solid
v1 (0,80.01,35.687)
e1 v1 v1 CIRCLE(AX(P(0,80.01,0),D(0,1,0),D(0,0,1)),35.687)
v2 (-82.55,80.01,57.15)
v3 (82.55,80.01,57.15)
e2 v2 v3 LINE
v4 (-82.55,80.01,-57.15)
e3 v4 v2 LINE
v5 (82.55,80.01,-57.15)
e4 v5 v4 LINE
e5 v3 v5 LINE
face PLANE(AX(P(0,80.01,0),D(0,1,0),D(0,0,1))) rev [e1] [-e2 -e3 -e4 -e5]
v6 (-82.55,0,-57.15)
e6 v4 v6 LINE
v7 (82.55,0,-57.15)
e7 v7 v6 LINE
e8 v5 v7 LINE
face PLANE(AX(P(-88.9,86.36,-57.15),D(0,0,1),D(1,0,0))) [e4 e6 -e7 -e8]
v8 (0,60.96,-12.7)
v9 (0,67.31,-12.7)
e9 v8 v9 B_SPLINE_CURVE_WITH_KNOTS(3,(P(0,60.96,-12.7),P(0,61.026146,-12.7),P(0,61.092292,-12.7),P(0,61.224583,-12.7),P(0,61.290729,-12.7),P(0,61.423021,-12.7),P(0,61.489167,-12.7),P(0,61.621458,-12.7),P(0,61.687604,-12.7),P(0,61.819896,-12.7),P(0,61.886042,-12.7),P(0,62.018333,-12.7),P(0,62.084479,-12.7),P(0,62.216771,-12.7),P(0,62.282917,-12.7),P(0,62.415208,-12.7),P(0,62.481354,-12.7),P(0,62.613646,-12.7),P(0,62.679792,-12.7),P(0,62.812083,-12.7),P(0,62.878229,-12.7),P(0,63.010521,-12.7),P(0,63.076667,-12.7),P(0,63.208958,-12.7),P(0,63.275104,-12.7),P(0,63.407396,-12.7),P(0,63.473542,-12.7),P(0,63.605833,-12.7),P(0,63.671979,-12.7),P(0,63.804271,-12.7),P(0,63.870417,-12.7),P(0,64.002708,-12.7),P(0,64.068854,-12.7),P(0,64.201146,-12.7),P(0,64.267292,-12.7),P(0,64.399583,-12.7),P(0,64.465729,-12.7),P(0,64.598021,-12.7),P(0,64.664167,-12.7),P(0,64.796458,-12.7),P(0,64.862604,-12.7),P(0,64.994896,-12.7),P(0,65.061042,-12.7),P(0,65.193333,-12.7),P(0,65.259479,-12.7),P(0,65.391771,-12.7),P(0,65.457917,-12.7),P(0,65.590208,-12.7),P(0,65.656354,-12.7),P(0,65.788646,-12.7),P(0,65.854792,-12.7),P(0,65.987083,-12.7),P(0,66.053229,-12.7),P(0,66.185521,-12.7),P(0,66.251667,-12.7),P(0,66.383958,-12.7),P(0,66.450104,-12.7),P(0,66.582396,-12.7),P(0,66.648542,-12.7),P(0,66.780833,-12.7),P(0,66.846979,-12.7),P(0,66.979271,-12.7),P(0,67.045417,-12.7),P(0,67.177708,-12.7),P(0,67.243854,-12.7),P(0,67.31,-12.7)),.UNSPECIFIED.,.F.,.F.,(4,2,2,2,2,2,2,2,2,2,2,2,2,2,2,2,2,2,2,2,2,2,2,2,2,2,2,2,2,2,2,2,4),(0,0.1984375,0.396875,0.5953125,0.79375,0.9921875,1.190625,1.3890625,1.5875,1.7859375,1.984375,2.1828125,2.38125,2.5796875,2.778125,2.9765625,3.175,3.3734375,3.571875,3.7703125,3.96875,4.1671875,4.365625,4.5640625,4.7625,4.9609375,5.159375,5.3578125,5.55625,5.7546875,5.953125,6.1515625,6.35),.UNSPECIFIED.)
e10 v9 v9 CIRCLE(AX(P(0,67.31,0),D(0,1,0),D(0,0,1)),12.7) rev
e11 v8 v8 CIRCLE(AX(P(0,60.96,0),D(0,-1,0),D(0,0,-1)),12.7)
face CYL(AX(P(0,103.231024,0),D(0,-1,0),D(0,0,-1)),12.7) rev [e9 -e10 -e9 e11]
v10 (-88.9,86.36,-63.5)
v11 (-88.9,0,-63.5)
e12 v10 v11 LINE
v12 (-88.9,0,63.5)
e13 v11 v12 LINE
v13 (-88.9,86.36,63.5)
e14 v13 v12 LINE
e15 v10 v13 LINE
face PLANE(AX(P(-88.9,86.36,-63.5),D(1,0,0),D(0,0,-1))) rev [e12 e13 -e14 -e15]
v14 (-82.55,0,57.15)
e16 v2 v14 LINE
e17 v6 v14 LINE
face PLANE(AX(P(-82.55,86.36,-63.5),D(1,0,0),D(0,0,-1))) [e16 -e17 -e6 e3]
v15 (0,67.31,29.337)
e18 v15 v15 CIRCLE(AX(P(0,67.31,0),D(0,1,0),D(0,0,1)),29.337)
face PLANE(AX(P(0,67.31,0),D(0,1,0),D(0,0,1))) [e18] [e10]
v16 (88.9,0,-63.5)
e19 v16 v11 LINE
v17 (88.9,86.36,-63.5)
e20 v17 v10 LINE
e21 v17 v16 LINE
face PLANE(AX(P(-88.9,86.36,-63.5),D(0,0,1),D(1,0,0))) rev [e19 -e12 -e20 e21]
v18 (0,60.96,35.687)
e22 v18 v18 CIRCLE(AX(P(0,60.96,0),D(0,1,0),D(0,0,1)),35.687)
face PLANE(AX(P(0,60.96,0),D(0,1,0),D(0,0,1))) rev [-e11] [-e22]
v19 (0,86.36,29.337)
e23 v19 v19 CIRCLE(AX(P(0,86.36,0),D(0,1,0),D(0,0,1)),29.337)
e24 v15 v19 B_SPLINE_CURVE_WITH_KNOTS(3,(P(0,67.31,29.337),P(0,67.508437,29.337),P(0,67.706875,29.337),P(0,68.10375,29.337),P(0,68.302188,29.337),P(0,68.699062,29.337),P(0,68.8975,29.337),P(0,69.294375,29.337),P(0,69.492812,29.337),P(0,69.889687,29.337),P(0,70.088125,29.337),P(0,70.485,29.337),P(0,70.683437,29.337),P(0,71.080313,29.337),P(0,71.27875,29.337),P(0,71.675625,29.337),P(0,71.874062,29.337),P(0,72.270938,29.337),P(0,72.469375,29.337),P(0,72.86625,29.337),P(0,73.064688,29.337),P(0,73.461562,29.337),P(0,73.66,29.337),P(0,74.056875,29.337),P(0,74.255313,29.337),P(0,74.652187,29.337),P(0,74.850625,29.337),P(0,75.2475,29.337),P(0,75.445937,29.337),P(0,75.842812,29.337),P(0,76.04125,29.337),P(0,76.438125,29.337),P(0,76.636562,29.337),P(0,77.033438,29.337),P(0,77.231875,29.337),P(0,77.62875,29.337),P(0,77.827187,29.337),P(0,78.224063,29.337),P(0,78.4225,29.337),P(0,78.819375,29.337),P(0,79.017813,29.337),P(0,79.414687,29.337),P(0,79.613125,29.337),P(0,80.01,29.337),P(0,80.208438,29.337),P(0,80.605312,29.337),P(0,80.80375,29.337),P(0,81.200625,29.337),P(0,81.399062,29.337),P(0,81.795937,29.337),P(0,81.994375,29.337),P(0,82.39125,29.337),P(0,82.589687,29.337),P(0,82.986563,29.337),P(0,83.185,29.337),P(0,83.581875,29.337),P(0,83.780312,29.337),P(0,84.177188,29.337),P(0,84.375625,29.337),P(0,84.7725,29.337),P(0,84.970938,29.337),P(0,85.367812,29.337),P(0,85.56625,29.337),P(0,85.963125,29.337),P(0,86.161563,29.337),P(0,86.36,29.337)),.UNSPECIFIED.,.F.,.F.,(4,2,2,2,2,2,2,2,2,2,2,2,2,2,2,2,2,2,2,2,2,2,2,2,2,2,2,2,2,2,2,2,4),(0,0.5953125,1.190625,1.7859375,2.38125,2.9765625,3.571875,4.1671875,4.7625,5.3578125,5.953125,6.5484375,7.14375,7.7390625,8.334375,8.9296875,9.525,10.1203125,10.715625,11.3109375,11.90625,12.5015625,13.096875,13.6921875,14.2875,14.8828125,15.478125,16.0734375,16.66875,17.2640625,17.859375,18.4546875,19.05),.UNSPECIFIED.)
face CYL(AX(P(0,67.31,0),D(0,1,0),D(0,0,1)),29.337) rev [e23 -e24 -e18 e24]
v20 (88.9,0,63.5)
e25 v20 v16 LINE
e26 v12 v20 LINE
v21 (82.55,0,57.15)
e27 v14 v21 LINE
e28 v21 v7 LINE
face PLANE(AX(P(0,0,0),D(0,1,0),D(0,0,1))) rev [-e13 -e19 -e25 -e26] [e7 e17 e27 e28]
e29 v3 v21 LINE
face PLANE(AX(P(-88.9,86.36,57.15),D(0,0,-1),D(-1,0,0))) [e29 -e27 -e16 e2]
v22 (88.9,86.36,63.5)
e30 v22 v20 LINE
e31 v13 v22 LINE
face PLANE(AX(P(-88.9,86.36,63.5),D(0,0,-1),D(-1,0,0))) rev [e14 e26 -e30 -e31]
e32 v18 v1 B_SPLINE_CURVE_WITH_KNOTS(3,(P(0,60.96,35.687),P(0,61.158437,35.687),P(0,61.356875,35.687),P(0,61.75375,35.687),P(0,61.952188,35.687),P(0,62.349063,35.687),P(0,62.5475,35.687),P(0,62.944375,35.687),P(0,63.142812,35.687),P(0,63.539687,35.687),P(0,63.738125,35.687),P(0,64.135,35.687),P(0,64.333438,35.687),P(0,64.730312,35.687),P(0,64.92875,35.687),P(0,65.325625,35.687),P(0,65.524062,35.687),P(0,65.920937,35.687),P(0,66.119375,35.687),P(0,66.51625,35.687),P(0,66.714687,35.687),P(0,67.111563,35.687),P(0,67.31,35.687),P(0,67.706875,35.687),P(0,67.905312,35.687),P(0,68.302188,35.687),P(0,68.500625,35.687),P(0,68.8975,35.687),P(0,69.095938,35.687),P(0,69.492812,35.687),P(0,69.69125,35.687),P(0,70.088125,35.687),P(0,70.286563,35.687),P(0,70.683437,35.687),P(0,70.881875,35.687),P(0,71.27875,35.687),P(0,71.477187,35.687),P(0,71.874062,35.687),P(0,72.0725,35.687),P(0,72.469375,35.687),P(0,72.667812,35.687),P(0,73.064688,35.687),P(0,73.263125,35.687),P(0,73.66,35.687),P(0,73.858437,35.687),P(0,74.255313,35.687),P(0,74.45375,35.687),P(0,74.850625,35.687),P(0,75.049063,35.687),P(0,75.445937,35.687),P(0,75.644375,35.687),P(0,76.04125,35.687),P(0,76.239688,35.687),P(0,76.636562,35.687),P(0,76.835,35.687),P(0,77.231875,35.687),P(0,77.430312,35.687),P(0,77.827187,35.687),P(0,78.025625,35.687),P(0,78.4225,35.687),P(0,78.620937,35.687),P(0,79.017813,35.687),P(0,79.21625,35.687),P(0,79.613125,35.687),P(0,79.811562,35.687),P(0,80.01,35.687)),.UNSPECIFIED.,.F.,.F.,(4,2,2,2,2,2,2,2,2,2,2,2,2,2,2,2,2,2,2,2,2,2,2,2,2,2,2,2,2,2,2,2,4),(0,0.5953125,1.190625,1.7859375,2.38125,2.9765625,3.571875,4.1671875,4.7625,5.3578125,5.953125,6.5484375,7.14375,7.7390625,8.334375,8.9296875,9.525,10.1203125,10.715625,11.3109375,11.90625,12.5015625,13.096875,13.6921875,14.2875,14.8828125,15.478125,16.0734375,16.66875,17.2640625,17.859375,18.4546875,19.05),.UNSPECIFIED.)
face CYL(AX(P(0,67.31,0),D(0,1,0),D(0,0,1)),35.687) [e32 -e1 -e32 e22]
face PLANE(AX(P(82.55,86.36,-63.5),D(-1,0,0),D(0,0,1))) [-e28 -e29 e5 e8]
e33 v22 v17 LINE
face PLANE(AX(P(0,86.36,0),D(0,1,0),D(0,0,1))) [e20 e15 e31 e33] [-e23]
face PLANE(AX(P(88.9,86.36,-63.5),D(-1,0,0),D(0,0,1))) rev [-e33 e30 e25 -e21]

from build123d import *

# Parameters (mm, degrees)
SKETCH1_W           = 177.8
SKETCH1_H           = 127
BOSS_EXTRUDE1_DEPTH = 86.36
SKETCH2_R           = 29.337
CUT_EXTRUDE1_DEPTH  = 19.05
SHELL1_T            = -6.35
SKETCH4_R           = 12.7
CUT_EXTRUDE2_DEPTH  = 6.35


with BuildPart() as part:
    # Sketch1 → Boss-Extrude1 (new body)
    with BuildSketch(Plane(origin=(0, 0, 0), x_dir=(1, 0, 0), z_dir=(0, 1, 0))):
        Rectangle(SKETCH1_W, SKETCH1_H)
    extrude(amount=BOSS_EXTRUDE1_DEPTH)

    # Sketch2 → Cut-Extrude1 (cut)
    with BuildSketch(Plane(origin=(0, 86.36, 0), x_dir=(1, 0, 0), z_dir=(0, 1, 0))):
        with Locations(Location((0, 0, 0), (0, 0, 270))):
            Circle(SKETCH2_R)
    extrude(amount=-CUT_EXTRUDE1_DEPTH, mode=Mode.SUBTRACT)

    # Shell1
    shell1_openings = [part.faces().sort_by_distance(p)[0] for p in [
        (0, 0, 0),
    ]]
    offset(amount=SHELL1_T, openings=shell1_openings, kind=Kind.INTERSECTION)

    # Sketch4 → Cut-Extrude2 (cut)
    with BuildSketch(Plane.XZ.offset(-60.96)):
        with Locations(Location((0, 0, 0), (0, 0, 270))):
            Circle(SKETCH4_R)
    extrude(amount=-CUT_EXTRUDE2_DEPTH, mode=Mode.SUBTRACT)


solid = part.part
